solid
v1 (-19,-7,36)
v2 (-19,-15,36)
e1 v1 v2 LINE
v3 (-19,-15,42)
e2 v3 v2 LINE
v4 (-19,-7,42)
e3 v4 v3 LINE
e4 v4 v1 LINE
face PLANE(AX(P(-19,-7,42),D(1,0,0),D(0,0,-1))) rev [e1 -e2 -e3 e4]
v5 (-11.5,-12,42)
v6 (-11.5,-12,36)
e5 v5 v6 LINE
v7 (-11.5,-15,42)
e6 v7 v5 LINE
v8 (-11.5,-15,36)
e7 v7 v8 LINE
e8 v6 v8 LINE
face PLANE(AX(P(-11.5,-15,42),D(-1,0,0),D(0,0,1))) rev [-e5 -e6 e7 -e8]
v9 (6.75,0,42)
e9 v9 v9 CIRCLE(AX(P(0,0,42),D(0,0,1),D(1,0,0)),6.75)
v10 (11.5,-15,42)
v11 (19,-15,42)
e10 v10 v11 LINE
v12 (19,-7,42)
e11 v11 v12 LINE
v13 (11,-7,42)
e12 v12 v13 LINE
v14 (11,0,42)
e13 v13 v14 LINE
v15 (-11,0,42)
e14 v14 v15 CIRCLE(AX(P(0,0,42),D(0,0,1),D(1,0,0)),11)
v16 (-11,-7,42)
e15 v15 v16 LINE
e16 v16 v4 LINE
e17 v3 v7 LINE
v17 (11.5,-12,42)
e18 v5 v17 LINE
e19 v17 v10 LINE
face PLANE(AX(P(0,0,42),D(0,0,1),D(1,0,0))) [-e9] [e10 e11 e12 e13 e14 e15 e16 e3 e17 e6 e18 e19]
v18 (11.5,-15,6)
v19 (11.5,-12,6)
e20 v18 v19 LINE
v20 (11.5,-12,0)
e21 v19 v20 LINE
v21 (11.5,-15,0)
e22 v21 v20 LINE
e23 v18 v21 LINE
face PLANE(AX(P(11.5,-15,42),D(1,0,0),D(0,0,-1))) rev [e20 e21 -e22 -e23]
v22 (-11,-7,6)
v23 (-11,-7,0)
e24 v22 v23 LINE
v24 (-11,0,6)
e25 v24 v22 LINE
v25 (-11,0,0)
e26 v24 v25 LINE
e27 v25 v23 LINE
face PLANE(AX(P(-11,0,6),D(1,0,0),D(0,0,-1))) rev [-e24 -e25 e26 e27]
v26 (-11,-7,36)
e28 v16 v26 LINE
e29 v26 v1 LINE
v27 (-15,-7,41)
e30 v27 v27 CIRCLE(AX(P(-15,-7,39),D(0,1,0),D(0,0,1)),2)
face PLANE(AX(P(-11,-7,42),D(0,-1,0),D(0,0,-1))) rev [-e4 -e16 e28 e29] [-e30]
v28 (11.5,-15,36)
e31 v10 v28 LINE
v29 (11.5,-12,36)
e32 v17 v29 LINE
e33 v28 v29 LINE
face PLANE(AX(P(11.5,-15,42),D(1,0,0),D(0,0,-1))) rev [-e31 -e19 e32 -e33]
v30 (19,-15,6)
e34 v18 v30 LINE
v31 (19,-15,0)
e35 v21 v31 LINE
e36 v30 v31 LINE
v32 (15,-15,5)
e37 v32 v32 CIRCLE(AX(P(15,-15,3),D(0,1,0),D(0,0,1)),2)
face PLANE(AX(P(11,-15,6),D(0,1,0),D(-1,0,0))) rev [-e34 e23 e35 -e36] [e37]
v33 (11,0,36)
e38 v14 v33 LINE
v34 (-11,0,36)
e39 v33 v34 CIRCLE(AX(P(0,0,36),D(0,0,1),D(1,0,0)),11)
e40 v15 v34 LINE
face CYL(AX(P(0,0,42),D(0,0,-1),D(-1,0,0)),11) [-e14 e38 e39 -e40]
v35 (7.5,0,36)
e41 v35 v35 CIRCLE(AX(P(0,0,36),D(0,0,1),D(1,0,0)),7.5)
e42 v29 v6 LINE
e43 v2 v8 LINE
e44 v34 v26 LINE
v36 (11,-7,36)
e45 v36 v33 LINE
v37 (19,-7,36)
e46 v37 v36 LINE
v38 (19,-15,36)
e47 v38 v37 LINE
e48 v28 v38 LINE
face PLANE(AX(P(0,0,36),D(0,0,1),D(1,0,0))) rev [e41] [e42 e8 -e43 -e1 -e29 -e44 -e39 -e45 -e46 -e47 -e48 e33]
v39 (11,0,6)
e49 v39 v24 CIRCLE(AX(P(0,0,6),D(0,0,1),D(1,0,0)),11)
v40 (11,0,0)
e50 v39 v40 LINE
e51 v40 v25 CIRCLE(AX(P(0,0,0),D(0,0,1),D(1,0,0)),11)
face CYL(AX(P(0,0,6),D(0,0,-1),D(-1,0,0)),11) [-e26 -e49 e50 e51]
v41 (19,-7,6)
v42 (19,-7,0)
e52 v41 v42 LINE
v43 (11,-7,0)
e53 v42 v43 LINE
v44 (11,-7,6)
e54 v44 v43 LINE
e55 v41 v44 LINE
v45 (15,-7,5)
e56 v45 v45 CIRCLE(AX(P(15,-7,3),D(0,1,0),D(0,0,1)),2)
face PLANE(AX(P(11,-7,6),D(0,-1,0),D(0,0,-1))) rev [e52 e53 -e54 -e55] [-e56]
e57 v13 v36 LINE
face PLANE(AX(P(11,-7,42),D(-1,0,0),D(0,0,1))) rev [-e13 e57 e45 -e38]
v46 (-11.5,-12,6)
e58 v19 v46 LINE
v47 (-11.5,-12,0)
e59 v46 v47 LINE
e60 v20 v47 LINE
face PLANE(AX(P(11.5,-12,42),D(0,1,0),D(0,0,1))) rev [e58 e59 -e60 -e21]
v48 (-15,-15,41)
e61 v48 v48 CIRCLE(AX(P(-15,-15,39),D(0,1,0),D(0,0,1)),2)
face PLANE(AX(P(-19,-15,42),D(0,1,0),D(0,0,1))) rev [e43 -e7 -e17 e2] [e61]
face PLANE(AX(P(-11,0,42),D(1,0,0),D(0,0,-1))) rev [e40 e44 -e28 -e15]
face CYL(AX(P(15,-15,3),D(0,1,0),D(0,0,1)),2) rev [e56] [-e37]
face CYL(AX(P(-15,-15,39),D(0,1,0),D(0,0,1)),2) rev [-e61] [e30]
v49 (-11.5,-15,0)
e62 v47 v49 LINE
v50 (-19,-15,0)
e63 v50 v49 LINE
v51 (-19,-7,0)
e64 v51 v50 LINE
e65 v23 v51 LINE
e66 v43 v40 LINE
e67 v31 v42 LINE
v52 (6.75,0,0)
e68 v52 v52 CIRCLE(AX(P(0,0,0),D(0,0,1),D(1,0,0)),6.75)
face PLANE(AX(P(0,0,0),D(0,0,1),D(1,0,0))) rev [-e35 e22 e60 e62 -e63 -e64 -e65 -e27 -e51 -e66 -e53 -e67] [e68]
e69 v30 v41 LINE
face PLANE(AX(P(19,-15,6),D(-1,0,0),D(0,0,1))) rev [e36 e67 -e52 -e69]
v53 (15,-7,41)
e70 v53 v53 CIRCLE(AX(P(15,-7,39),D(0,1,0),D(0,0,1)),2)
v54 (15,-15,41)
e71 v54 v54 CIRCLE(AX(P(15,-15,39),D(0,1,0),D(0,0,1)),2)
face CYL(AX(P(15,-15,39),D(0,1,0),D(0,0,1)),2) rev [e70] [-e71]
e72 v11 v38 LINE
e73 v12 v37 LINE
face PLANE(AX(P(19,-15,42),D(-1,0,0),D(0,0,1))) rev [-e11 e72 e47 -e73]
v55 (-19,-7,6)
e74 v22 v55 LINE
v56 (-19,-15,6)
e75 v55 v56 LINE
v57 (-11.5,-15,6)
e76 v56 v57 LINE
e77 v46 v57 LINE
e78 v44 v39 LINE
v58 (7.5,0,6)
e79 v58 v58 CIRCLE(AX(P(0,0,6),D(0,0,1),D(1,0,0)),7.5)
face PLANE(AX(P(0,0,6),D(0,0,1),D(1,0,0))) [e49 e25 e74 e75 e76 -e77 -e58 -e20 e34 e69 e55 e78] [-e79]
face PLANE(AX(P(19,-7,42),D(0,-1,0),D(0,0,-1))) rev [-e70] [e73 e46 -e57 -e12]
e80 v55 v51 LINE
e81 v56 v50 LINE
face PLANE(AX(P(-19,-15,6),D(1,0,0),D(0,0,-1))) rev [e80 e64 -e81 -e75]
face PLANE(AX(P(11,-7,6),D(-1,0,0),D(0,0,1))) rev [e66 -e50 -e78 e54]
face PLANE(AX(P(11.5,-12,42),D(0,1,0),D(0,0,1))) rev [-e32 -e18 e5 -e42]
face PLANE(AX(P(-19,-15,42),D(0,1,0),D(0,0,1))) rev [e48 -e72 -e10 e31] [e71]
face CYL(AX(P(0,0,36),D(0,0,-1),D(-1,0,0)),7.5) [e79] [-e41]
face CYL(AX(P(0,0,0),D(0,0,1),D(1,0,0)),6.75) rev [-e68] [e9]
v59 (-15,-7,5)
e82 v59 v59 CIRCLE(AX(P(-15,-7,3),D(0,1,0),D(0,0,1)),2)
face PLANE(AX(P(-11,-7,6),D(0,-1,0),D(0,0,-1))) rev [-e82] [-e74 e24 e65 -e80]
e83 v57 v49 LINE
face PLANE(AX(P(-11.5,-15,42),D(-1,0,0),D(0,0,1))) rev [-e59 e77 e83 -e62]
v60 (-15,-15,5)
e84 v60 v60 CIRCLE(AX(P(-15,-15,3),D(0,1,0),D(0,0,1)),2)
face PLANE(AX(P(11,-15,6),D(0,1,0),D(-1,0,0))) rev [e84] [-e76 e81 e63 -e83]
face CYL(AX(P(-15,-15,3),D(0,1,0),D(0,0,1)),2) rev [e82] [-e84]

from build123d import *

# Parameters (mm, degrees)
BOSS_EXTRUDE1_DEPTH     = 6
SKETCH2_R               = 7.5
BOSS_EXTRUDE2_DEPTH     = 30
BOSS_EXTRUDE3_DEPTH     = 6
SKETCH4_R               = 6.75
CUT_EXTRUDE1_DEPTH      = 49.476798574
CUT_EXTRUDE2_DEPTH      = 49.476798574
CUT_EXTRUDE2_DEPTH_BACK = 49.476798574
SKETCH5_W               = 23
SKETCH5_H               = 3
SKETCH6_R               = 2
CUT_EXTRUDE3_DEPTH      = 50.487372127


with BuildPart() as part:
    # Sketch1 → Boss-Extrude1 (new body)
    with BuildSketch(Plane.XY):
        with BuildLine():
            Line((-11, 0), (-11, -7))
            Line((-11, -7), (-19, -7))
            Line((-19, -7), (-19, -15))
            Line((-19, -15), (-11, -15))
            Line((-11, -15), (11, -15))
            Line((11, -15), (19, -15))
            Line((19, -15), (19, -7))
            Line((19, -7), (11, -7))
            Line((11, -7), (11, 0))
            ThreePointArc((11, 0), (0, 11), (-11, 0))
        make_face()
    extrude(amount=BOSS_EXTRUDE1_DEPTH)

    # Sketch2 → Boss-Extrude2 (add)
    with BuildSketch(Plane.XY.offset(6)):
        Circle(SKETCH2_R)
    extrude(amount=BOSS_EXTRUDE2_DEPTH)

    # Sketch3 → Boss-Extrude3 (add)
    with BuildSketch(Plane.XY.offset(36)):
        with BuildLine():
            Line((-11, 0), (-11, -7))
            Line((-11, -7), (-19, -7))
            Line((-19, -7), (-19, -15))
            Line((-19, -15), (19, -15))
            Line((19, -15), (19, -7))
            Line((19, -7), (11, -7))
            Line((11, -7), (11, 0))
            ThreePointArc((11, 0), (0, 11), (-11, 0))
        make_face()
    extrude(amount=BOSS_EXTRUDE3_DEPTH)

    # Sketch4 → Cut-Extrude1 (cut, through all)
    with BuildSketch(Plane.XY.offset(42)):
        Circle(SKETCH4_R)
    extrude(amount=-CUT_EXTRUDE1_DEPTH, mode=Mode.SUBTRACT)

    # Sketch5 → Cut-Extrude2 (cut, two sides: drawn at the far end of the back side and taken through both)
    with BuildSketch(Plane(origin=(0, 0, 0), x_dir=(-1, 0, 0), z_dir=(0, 0, -1)).offset(-CUT_EXTRUDE2_DEPTH_BACK)):
        with Locations((0, -13.5)):
            Rectangle(SKETCH5_W, SKETCH5_H)
    extrude(amount=CUT_EXTRUDE2_DEPTH + CUT_EXTRUDE2_DEPTH_BACK, mode=Mode.SUBTRACT)

    # Sketch6 → Cut-Extrude3 (cut, through all)
    with BuildSketch(Plane(origin=(0, -7, 0), x_dir=(1, 0, 0), z_dir=(0, 1, 0))):
        with Locations(Location((-15, -3, 0), (0, 0, 270))):
            Circle(SKETCH6_R)
        with Locations(Location((15, -3, 0), (0, 0, 270))):
            Circle(SKETCH6_R)
        with Locations(Location((15, -39, 0), (0, 0, 270))):
            Circle(SKETCH6_R)
        with Locations(Location((-15, -39, 0), (0, 0, 270))):
            Circle(SKETCH6_R)
    extrude(amount=-CUT_EXTRUDE3_DEPTH, mode=Mode.SUBTRACT)


solid = part.part
